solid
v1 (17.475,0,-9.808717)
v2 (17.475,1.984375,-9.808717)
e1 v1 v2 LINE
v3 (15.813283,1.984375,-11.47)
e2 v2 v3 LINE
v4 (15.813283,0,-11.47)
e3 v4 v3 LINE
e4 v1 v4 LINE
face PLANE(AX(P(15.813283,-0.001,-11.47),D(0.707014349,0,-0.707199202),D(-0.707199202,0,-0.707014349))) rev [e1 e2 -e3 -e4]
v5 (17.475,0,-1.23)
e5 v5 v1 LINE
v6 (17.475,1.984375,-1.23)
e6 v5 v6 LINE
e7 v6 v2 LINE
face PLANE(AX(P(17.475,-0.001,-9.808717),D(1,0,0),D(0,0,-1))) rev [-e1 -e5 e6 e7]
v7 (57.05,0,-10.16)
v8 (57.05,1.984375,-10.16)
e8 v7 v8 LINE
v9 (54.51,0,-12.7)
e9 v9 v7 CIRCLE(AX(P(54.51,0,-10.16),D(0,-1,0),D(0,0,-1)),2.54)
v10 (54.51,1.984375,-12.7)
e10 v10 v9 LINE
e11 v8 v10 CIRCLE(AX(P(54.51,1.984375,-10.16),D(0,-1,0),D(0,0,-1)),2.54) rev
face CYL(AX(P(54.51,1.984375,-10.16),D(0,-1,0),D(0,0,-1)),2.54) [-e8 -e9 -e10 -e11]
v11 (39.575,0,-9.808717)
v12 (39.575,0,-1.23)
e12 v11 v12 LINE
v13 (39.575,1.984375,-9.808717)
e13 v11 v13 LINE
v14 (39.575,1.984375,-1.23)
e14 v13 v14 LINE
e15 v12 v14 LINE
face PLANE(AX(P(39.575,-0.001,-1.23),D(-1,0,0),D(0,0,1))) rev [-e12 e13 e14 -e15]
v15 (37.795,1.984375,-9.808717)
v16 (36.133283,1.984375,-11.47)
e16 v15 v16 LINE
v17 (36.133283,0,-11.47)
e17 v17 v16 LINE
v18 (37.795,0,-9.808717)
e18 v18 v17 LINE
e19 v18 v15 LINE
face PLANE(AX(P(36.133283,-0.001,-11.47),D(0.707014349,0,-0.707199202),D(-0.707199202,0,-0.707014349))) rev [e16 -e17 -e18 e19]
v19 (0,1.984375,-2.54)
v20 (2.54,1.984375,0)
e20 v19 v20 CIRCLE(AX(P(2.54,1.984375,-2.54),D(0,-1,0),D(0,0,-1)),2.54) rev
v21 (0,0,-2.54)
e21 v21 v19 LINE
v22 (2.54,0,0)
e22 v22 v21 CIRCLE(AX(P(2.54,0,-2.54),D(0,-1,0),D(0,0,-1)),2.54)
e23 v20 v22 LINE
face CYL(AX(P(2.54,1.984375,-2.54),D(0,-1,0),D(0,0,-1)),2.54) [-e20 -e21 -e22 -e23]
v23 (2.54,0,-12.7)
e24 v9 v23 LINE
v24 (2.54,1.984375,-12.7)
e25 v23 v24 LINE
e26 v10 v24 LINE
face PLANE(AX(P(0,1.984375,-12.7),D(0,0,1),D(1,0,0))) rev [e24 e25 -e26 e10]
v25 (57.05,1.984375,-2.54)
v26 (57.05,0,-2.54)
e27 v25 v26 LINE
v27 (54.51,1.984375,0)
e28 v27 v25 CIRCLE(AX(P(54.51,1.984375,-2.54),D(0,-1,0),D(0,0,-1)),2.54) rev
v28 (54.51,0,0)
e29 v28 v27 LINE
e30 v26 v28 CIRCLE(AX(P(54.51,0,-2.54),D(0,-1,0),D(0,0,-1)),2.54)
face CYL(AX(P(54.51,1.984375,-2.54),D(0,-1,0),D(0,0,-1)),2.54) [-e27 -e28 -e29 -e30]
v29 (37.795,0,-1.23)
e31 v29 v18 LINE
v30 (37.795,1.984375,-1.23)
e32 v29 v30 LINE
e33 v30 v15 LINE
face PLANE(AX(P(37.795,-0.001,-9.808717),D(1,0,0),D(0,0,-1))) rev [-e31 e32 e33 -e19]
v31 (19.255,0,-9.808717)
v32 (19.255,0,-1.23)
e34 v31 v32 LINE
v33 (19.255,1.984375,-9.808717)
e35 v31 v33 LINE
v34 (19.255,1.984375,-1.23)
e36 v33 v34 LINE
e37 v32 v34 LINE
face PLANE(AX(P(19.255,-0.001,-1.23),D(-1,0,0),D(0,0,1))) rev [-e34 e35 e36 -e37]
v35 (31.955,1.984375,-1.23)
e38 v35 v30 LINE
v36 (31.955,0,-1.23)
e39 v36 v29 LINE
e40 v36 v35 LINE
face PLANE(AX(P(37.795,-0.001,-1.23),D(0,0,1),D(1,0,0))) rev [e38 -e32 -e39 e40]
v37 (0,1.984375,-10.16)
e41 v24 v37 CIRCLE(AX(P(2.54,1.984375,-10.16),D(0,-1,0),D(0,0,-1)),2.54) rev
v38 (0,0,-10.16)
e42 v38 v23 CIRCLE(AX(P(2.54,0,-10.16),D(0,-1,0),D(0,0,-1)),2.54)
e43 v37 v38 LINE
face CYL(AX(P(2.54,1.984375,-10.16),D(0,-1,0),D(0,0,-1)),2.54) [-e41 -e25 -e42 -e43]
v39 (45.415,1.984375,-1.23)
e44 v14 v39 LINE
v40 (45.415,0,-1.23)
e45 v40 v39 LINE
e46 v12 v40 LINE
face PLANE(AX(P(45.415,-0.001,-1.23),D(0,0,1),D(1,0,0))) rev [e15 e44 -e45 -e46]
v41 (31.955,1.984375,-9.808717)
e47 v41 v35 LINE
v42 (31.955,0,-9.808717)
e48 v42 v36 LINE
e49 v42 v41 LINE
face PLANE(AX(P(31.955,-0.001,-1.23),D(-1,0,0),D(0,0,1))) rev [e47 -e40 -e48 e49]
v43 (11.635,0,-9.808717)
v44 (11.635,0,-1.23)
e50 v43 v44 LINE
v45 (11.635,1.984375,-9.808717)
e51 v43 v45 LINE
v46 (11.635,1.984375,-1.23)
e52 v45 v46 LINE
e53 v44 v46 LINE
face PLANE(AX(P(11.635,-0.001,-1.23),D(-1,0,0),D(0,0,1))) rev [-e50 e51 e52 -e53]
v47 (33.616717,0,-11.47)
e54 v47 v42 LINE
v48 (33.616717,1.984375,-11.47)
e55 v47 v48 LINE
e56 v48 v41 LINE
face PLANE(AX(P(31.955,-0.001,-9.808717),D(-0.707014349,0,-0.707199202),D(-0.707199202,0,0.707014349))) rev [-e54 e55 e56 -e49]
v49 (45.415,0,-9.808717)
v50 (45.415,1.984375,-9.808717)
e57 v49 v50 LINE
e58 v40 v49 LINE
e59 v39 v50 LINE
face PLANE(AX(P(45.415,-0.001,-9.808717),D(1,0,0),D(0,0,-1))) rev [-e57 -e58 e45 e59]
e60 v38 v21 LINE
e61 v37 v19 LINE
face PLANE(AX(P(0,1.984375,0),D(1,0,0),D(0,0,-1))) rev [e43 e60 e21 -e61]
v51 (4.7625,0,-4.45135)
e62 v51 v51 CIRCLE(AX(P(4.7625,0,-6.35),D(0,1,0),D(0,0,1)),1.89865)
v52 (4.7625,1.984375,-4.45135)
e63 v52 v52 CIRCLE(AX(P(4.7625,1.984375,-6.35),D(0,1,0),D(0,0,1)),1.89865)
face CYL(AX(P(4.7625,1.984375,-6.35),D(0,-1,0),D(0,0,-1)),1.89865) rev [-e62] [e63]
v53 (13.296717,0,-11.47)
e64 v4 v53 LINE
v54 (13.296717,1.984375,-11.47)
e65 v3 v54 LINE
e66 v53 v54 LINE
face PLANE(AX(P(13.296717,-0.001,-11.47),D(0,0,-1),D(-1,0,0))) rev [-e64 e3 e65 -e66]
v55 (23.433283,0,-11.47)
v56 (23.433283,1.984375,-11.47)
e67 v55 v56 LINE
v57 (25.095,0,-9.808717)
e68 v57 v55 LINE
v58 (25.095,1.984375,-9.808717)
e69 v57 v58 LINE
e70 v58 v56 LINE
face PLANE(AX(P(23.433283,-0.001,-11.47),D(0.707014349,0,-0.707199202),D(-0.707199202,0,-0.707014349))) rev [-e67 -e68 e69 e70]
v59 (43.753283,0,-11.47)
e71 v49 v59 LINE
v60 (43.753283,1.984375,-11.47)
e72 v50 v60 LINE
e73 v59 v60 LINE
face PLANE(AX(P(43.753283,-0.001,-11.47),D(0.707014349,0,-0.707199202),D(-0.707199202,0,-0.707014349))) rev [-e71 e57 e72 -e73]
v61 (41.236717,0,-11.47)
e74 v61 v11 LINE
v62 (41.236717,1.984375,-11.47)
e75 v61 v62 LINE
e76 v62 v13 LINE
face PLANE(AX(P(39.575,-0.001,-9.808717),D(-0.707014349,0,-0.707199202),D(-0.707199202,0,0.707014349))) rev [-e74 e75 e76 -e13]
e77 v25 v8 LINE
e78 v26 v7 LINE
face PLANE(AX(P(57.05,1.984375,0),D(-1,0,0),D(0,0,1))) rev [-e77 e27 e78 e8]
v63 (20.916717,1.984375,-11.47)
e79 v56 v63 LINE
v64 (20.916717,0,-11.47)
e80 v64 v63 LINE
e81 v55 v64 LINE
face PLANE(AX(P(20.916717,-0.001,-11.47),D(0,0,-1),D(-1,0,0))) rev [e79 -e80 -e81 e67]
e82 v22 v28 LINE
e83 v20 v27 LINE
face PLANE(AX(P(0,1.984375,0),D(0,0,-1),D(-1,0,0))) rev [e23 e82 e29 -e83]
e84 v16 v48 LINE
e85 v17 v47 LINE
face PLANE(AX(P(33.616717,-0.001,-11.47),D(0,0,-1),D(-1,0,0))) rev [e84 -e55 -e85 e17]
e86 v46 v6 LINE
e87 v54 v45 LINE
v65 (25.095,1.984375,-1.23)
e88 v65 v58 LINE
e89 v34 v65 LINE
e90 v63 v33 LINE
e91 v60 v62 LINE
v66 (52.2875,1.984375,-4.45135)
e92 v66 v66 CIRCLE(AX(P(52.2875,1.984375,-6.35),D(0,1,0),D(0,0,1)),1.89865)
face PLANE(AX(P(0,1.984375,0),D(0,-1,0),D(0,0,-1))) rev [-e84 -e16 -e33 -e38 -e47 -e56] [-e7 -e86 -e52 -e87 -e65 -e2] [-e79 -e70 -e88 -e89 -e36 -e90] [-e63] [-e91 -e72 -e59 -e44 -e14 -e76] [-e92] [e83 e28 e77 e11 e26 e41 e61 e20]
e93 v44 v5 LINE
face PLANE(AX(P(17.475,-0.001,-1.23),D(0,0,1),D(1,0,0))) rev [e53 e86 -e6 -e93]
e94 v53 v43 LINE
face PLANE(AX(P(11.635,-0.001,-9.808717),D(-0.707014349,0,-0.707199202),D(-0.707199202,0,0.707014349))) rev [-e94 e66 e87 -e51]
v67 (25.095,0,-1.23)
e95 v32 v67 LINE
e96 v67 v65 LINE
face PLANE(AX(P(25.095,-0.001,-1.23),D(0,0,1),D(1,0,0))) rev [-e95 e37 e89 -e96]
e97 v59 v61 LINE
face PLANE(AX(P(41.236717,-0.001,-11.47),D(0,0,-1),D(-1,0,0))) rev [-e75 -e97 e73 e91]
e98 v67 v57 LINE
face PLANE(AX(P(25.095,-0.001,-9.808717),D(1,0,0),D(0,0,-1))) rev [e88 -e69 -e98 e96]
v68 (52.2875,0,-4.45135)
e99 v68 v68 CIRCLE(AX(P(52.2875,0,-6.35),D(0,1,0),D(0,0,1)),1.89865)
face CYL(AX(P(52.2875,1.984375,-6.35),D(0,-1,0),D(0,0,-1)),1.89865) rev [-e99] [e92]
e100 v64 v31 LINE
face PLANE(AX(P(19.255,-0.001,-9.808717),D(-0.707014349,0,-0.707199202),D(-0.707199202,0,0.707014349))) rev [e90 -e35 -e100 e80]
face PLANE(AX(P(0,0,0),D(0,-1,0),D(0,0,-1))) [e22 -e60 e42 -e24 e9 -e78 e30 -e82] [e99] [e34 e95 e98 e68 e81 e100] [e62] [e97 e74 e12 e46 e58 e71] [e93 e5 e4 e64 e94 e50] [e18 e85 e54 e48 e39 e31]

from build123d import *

# Parameters (mm, degrees)
SKETCH1_W           = 57.05
SKETCH1_H           = 12.7
SKETCH1_R           = 1.89865
BOSS_EXTRUDE1_DEPTH = 1.984375
CUT_EXTRUDE1_REACH  = 60.48
FILLET1_R           = 2.54


with BuildPart() as part:
    # Sketch1 → Boss-Extrude1 (new body)
    with BuildSketch(Plane(origin=(0, 0, 0), x_dir=(1, 0, 0), z_dir=(0, 1, 0))):
        with Locations((28.525, 6.35)):
            Rectangle(SKETCH1_W, SKETCH1_H)
        with Locations(Location((52.2875, 6.35, 0), (0, 0, 270))):
            Circle(SKETCH1_R, mode=Mode.SUBTRACT)
        with Locations(Location((4.7625, 6.35, 0), (0, 0, 270))):
            Circle(SKETCH1_R, mode=Mode.SUBTRACT)
    extrude(amount=BOSS_EXTRUDE1_DEPTH)

    # Sketch2 → Cut-Extrude1 (cut, up to next)
    with BuildSketch(Plane(origin=(0, 1.984375, 0), x_dir=(1, 0, 0), z_dir=(0, 1, 0)), mode=Mode.PRIVATE) as cut_extrude1_sk1:
        Polygon((17.475, 1.23), (11.635, 1.23), (11.635, 9.808717093), (13.29671726, 11.47), (15.81328274, 11.47), (17.475, 9.808717093), align=None)
    cut_extrude1_tool1 = extrude(cut_extrude1_sk1.sketch, amount=-CUT_EXTRUDE1_REACH, mode=Mode.PRIVATE) & part.part
    # Sketch2 → Cut-Extrude1 (cut, up to next)
    with BuildSketch(Plane(origin=(0, 1.984375, 0), x_dir=(1, 0, 0), z_dir=(0, 1, 0)), mode=Mode.PRIVATE) as cut_extrude1_sk2:
        Polygon((45.415, 1.23), (39.575, 1.23), (39.575, 9.808717093), (41.23671726, 11.47), (43.75328274, 11.47), (45.415, 9.808717093), align=None)
    cut_extrude1_tool2 = extrude(cut_extrude1_sk2.sketch, amount=-CUT_EXTRUDE1_REACH, mode=Mode.PRIVATE) & part.part
    # Sketch2 → Cut-Extrude1 (cut, up to next)
    with BuildSketch(Plane(origin=(0, 1.984375, 0), x_dir=(1, 0, 0), z_dir=(0, 1, 0)), mode=Mode.PRIVATE) as cut_extrude1_sk3:
        Polygon((25.095, 1.23), (19.255, 1.23), (19.255, 9.808717093), (20.91671726, 11.47), (23.43328274, 11.47), (25.095, 9.808717093), align=None)
    cut_extrude1_tool3 = extrude(cut_extrude1_sk3.sketch, amount=-CUT_EXTRUDE1_REACH, mode=Mode.PRIVATE) & part.part
    # Sketch2 → Cut-Extrude1 (cut, up to next)
    with BuildSketch(Plane(origin=(0, 1.984375, 0), x_dir=(1, 0, 0), z_dir=(0, 1, 0)), mode=Mode.PRIVATE) as cut_extrude1_sk4:
        Polygon((37.795, 1.23), (31.955, 1.23), (31.955, 9.808717093), (33.61671726, 11.47), (36.13328274, 11.47), (37.795, 9.808717093), align=None)
    cut_extrude1_tool4 = extrude(cut_extrude1_sk4.sketch, amount=-CUT_EXTRUDE1_REACH, mode=Mode.PRIVATE) & part.part
    add(cut_extrude1_tool1.solids().sort_by_distance((14.555, 1.984375, -6.12901))[0], mode=Mode.SUBTRACT)
    add(cut_extrude1_tool2.solids().sort_by_distance((42.495, 1.984375, -6.12901))[0], mode=Mode.SUBTRACT)
    add(cut_extrude1_tool3.solids().sort_by_distance((22.175, 1.984375, -6.12901))[0], mode=Mode.SUBTRACT)
    add(cut_extrude1_tool4.solids().sort_by_distance((34.875, 1.984375, -6.12901))[0], mode=Mode.SUBTRACT)

    # Fillet1
    fillet1_edges = [part.edges().sort_by_distance(p)[0] for p in [
        (0, 0.9921875, -12.7),
        (57.05, 0.9921875, -12.7),
        (57.05, 0.9921875, 0),
        (0, 0.9921875, 0),
    ]]
    fillet(fillet1_edges, radius=FILLET1_R)


solid = part.part
